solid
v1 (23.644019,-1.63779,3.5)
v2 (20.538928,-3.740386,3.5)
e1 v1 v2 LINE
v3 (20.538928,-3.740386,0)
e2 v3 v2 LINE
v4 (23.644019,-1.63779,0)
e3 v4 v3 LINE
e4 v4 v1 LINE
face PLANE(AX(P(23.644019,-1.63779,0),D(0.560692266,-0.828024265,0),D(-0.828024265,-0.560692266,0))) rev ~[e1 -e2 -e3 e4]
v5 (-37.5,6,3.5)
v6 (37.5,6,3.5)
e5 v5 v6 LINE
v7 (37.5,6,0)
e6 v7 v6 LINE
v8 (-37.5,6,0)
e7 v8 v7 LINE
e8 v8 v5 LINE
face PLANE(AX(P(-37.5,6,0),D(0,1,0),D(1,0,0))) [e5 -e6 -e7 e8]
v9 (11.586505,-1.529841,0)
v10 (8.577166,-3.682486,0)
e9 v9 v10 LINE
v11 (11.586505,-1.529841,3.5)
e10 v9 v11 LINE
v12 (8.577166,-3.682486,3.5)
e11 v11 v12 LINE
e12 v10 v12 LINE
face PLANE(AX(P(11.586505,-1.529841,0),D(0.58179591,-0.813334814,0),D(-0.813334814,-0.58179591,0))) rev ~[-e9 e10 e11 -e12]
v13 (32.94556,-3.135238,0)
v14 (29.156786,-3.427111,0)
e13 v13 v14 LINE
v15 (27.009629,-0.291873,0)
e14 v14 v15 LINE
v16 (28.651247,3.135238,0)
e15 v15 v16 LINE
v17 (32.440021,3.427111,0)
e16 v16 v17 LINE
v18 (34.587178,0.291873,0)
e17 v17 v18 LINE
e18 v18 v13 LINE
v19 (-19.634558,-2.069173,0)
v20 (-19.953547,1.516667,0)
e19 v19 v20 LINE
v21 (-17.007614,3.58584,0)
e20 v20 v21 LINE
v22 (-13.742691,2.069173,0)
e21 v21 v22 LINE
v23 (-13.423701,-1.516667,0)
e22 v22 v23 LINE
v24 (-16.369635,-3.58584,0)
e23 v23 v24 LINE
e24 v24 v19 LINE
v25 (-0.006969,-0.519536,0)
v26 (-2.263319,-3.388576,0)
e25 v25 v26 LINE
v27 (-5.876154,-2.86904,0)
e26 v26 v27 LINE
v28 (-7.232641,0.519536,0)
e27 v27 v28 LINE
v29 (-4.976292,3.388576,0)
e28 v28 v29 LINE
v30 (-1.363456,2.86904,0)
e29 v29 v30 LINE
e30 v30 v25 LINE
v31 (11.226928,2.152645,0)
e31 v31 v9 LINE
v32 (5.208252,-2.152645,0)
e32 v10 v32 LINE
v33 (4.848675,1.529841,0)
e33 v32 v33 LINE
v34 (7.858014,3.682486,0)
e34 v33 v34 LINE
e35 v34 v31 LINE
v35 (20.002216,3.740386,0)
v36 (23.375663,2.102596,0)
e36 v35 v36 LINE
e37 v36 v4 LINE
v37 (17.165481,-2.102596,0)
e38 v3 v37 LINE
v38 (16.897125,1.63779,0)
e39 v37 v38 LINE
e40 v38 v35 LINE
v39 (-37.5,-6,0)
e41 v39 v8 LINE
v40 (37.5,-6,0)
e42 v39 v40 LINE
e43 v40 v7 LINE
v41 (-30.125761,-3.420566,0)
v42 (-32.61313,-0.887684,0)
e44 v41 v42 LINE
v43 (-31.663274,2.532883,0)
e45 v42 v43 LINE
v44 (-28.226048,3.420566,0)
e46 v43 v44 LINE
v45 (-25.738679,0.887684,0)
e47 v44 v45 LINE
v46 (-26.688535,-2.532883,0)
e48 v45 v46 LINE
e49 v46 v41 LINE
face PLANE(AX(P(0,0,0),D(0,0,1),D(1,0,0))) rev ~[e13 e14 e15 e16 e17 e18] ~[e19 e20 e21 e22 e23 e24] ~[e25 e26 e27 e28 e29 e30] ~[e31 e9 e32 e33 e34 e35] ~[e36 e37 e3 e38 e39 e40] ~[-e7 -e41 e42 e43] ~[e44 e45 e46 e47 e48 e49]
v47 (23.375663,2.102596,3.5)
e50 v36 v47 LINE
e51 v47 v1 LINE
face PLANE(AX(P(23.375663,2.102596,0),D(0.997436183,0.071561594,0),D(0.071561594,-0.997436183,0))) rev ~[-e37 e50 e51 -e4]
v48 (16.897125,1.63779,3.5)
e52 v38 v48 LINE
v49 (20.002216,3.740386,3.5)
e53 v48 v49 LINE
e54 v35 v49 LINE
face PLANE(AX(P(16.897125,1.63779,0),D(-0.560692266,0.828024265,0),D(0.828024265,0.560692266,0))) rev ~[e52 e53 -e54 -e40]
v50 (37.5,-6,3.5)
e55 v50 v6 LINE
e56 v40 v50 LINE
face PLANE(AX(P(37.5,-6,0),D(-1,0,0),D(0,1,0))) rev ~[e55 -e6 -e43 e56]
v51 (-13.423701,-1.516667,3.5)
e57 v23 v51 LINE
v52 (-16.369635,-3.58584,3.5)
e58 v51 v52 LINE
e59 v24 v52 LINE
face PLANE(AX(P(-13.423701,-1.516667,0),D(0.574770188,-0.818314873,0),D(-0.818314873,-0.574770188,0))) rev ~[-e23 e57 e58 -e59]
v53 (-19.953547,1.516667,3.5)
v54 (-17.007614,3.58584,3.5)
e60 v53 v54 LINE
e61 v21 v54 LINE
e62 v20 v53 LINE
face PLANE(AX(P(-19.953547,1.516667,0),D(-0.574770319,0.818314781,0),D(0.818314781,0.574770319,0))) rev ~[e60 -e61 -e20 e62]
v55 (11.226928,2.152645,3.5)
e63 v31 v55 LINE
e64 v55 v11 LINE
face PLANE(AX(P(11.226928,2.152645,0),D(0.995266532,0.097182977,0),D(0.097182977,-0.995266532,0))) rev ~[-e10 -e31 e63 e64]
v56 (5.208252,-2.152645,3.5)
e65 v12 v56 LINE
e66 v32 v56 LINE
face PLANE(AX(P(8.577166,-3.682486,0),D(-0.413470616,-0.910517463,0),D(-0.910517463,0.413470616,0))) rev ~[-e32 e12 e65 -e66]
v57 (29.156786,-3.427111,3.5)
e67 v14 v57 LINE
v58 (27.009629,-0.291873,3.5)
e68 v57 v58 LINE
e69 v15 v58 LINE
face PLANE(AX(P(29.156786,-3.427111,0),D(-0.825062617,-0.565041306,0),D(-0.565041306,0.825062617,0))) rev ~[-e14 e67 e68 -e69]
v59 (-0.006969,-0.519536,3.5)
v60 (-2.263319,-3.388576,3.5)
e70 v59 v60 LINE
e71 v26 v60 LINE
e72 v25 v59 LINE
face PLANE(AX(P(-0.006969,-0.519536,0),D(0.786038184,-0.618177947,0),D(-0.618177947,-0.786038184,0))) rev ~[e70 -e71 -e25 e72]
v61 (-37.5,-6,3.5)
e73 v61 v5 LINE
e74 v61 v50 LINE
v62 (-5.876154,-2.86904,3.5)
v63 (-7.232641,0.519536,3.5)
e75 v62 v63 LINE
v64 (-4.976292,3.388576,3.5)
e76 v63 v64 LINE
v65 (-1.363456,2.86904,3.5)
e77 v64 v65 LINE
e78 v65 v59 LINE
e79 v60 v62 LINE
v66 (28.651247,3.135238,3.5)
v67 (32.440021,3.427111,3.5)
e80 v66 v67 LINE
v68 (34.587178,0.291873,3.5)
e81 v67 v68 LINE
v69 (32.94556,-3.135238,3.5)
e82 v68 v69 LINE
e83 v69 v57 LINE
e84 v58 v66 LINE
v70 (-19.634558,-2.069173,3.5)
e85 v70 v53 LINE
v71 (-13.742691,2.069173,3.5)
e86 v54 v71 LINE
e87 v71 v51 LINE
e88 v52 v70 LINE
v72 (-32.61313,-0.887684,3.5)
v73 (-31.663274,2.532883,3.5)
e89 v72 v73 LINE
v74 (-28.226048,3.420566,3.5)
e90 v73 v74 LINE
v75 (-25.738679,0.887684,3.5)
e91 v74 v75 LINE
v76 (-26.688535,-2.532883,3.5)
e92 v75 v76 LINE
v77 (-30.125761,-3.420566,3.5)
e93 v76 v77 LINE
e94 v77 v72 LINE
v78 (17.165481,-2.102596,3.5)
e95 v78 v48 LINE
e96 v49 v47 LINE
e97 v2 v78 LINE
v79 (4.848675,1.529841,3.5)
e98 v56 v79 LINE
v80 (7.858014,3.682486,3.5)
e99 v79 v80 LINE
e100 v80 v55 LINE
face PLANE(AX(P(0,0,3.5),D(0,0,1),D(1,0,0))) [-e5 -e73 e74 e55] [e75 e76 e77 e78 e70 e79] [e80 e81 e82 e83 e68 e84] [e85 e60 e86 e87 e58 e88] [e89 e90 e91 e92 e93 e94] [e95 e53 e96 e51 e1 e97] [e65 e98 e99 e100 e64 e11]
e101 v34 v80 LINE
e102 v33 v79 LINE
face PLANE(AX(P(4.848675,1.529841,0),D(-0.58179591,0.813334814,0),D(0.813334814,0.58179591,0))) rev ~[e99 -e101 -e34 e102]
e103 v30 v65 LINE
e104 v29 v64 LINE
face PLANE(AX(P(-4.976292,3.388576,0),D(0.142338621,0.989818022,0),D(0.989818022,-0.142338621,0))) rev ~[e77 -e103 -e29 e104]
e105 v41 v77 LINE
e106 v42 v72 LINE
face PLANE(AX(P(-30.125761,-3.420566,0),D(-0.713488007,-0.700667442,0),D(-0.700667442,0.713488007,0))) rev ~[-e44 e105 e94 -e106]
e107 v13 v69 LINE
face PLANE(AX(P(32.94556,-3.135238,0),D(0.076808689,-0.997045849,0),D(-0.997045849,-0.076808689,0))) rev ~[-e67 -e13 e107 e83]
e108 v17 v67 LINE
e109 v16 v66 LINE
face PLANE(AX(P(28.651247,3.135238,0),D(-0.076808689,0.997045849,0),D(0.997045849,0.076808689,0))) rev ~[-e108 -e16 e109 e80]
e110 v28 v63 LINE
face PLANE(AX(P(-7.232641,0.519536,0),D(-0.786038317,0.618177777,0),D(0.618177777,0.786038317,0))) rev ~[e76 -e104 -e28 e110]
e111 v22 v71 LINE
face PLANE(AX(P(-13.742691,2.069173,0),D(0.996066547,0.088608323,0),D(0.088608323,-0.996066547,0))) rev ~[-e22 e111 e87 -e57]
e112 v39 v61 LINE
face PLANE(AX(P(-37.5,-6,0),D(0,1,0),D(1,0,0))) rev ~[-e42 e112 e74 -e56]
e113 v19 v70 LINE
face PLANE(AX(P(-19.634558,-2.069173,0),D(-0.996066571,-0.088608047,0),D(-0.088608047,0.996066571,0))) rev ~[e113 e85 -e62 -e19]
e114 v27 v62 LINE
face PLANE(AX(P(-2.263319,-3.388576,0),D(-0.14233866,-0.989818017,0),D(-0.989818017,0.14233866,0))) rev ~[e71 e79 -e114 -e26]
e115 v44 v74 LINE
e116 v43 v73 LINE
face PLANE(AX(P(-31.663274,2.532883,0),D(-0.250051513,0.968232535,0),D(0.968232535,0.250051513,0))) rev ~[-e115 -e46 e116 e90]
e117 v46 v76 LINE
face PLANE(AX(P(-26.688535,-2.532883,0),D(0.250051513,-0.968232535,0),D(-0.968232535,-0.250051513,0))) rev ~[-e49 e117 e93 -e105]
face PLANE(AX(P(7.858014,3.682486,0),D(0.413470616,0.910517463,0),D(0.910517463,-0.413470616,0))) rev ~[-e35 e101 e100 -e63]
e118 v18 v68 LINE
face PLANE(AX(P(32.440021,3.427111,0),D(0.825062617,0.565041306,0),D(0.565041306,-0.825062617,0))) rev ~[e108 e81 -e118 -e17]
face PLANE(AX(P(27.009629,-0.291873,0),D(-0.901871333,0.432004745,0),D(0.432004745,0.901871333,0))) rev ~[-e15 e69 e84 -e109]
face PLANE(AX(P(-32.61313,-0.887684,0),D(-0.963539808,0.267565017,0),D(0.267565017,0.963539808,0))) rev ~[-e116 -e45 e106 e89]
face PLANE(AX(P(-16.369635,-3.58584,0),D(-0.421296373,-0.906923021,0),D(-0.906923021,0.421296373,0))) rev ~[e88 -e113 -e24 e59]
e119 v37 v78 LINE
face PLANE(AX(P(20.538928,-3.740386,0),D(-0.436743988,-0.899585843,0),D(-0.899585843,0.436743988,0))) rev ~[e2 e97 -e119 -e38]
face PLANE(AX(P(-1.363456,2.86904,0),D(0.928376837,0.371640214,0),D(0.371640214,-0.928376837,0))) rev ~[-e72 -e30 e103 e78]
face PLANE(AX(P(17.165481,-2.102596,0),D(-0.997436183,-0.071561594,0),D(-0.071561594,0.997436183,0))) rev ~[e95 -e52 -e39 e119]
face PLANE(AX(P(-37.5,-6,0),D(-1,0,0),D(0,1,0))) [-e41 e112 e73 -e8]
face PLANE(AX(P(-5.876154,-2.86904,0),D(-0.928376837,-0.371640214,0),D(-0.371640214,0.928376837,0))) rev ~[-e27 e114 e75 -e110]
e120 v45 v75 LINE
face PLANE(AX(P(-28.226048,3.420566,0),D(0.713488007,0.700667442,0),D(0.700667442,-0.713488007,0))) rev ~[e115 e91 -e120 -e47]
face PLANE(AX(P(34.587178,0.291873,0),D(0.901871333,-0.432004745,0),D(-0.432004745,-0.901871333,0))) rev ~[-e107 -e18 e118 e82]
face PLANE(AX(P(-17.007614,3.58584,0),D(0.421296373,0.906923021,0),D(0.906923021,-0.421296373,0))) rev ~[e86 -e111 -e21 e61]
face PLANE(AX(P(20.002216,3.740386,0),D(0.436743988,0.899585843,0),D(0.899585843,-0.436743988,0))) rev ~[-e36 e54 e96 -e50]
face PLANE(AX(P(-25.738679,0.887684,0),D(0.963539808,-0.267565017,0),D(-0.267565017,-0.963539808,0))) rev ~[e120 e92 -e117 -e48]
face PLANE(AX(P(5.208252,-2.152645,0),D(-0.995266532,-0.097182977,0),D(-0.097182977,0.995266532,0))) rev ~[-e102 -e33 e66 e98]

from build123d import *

# Parameters (mm, degrees)
F0_W     = 75
F0_H     = 12
F1_DEPTH = 3.5


with BuildPart() as f1:
    # F0 (on Top) → F1 (new body)
    with BuildSketch(Plane.XY):
        Rectangle(F0_W, F0_H)
        Polygon((4.848675, 1.529841), (7.858014, 3.682486), (11.226928, 2.152645), (11.586505, -1.529841), (8.577166, -3.682486), (5.208252, -2.152645), align=None, mode=Mode.SUBTRACT)
        Polygon((28.651247, 3.135238), (32.440021, 3.427111), (34.587178, 0.291873), (32.94556, -3.135238), (29.156786, -3.427111), (27.009629, -0.291873), align=None, mode=Mode.SUBTRACT)
        Polygon((-31.663274, 2.532883), (-28.226048, 3.420566), (-25.738679, 0.887684), (-26.688535, -2.532883), (-30.125761, -3.420566), (-32.61313, -0.887684), align=None, mode=Mode.SUBTRACT)
        Polygon((-19.953547, 1.516667), (-17.007614, 3.58584), (-13.742691, 2.069173), (-13.423701, -1.516667), (-16.369635, -3.58584), (-19.634558, -2.069173), align=None, mode=Mode.SUBTRACT)
        Polygon((-7.232641, 0.519536), (-4.976292, 3.388576), (-1.363456, 2.86904), (-0.006969, -0.519536), (-2.263319, -3.388576), (-5.876154, -2.86904), align=None, mode=Mode.SUBTRACT)
        Polygon((16.897125, 1.63779), (20.002216, 3.740386), (23.375663, 2.102596), (23.644019, -1.63779), (20.538928, -3.740386), (17.165481, -2.102596), align=None, mode=Mode.SUBTRACT)
    extrude(amount=F1_DEPTH)


solid = f1.part
